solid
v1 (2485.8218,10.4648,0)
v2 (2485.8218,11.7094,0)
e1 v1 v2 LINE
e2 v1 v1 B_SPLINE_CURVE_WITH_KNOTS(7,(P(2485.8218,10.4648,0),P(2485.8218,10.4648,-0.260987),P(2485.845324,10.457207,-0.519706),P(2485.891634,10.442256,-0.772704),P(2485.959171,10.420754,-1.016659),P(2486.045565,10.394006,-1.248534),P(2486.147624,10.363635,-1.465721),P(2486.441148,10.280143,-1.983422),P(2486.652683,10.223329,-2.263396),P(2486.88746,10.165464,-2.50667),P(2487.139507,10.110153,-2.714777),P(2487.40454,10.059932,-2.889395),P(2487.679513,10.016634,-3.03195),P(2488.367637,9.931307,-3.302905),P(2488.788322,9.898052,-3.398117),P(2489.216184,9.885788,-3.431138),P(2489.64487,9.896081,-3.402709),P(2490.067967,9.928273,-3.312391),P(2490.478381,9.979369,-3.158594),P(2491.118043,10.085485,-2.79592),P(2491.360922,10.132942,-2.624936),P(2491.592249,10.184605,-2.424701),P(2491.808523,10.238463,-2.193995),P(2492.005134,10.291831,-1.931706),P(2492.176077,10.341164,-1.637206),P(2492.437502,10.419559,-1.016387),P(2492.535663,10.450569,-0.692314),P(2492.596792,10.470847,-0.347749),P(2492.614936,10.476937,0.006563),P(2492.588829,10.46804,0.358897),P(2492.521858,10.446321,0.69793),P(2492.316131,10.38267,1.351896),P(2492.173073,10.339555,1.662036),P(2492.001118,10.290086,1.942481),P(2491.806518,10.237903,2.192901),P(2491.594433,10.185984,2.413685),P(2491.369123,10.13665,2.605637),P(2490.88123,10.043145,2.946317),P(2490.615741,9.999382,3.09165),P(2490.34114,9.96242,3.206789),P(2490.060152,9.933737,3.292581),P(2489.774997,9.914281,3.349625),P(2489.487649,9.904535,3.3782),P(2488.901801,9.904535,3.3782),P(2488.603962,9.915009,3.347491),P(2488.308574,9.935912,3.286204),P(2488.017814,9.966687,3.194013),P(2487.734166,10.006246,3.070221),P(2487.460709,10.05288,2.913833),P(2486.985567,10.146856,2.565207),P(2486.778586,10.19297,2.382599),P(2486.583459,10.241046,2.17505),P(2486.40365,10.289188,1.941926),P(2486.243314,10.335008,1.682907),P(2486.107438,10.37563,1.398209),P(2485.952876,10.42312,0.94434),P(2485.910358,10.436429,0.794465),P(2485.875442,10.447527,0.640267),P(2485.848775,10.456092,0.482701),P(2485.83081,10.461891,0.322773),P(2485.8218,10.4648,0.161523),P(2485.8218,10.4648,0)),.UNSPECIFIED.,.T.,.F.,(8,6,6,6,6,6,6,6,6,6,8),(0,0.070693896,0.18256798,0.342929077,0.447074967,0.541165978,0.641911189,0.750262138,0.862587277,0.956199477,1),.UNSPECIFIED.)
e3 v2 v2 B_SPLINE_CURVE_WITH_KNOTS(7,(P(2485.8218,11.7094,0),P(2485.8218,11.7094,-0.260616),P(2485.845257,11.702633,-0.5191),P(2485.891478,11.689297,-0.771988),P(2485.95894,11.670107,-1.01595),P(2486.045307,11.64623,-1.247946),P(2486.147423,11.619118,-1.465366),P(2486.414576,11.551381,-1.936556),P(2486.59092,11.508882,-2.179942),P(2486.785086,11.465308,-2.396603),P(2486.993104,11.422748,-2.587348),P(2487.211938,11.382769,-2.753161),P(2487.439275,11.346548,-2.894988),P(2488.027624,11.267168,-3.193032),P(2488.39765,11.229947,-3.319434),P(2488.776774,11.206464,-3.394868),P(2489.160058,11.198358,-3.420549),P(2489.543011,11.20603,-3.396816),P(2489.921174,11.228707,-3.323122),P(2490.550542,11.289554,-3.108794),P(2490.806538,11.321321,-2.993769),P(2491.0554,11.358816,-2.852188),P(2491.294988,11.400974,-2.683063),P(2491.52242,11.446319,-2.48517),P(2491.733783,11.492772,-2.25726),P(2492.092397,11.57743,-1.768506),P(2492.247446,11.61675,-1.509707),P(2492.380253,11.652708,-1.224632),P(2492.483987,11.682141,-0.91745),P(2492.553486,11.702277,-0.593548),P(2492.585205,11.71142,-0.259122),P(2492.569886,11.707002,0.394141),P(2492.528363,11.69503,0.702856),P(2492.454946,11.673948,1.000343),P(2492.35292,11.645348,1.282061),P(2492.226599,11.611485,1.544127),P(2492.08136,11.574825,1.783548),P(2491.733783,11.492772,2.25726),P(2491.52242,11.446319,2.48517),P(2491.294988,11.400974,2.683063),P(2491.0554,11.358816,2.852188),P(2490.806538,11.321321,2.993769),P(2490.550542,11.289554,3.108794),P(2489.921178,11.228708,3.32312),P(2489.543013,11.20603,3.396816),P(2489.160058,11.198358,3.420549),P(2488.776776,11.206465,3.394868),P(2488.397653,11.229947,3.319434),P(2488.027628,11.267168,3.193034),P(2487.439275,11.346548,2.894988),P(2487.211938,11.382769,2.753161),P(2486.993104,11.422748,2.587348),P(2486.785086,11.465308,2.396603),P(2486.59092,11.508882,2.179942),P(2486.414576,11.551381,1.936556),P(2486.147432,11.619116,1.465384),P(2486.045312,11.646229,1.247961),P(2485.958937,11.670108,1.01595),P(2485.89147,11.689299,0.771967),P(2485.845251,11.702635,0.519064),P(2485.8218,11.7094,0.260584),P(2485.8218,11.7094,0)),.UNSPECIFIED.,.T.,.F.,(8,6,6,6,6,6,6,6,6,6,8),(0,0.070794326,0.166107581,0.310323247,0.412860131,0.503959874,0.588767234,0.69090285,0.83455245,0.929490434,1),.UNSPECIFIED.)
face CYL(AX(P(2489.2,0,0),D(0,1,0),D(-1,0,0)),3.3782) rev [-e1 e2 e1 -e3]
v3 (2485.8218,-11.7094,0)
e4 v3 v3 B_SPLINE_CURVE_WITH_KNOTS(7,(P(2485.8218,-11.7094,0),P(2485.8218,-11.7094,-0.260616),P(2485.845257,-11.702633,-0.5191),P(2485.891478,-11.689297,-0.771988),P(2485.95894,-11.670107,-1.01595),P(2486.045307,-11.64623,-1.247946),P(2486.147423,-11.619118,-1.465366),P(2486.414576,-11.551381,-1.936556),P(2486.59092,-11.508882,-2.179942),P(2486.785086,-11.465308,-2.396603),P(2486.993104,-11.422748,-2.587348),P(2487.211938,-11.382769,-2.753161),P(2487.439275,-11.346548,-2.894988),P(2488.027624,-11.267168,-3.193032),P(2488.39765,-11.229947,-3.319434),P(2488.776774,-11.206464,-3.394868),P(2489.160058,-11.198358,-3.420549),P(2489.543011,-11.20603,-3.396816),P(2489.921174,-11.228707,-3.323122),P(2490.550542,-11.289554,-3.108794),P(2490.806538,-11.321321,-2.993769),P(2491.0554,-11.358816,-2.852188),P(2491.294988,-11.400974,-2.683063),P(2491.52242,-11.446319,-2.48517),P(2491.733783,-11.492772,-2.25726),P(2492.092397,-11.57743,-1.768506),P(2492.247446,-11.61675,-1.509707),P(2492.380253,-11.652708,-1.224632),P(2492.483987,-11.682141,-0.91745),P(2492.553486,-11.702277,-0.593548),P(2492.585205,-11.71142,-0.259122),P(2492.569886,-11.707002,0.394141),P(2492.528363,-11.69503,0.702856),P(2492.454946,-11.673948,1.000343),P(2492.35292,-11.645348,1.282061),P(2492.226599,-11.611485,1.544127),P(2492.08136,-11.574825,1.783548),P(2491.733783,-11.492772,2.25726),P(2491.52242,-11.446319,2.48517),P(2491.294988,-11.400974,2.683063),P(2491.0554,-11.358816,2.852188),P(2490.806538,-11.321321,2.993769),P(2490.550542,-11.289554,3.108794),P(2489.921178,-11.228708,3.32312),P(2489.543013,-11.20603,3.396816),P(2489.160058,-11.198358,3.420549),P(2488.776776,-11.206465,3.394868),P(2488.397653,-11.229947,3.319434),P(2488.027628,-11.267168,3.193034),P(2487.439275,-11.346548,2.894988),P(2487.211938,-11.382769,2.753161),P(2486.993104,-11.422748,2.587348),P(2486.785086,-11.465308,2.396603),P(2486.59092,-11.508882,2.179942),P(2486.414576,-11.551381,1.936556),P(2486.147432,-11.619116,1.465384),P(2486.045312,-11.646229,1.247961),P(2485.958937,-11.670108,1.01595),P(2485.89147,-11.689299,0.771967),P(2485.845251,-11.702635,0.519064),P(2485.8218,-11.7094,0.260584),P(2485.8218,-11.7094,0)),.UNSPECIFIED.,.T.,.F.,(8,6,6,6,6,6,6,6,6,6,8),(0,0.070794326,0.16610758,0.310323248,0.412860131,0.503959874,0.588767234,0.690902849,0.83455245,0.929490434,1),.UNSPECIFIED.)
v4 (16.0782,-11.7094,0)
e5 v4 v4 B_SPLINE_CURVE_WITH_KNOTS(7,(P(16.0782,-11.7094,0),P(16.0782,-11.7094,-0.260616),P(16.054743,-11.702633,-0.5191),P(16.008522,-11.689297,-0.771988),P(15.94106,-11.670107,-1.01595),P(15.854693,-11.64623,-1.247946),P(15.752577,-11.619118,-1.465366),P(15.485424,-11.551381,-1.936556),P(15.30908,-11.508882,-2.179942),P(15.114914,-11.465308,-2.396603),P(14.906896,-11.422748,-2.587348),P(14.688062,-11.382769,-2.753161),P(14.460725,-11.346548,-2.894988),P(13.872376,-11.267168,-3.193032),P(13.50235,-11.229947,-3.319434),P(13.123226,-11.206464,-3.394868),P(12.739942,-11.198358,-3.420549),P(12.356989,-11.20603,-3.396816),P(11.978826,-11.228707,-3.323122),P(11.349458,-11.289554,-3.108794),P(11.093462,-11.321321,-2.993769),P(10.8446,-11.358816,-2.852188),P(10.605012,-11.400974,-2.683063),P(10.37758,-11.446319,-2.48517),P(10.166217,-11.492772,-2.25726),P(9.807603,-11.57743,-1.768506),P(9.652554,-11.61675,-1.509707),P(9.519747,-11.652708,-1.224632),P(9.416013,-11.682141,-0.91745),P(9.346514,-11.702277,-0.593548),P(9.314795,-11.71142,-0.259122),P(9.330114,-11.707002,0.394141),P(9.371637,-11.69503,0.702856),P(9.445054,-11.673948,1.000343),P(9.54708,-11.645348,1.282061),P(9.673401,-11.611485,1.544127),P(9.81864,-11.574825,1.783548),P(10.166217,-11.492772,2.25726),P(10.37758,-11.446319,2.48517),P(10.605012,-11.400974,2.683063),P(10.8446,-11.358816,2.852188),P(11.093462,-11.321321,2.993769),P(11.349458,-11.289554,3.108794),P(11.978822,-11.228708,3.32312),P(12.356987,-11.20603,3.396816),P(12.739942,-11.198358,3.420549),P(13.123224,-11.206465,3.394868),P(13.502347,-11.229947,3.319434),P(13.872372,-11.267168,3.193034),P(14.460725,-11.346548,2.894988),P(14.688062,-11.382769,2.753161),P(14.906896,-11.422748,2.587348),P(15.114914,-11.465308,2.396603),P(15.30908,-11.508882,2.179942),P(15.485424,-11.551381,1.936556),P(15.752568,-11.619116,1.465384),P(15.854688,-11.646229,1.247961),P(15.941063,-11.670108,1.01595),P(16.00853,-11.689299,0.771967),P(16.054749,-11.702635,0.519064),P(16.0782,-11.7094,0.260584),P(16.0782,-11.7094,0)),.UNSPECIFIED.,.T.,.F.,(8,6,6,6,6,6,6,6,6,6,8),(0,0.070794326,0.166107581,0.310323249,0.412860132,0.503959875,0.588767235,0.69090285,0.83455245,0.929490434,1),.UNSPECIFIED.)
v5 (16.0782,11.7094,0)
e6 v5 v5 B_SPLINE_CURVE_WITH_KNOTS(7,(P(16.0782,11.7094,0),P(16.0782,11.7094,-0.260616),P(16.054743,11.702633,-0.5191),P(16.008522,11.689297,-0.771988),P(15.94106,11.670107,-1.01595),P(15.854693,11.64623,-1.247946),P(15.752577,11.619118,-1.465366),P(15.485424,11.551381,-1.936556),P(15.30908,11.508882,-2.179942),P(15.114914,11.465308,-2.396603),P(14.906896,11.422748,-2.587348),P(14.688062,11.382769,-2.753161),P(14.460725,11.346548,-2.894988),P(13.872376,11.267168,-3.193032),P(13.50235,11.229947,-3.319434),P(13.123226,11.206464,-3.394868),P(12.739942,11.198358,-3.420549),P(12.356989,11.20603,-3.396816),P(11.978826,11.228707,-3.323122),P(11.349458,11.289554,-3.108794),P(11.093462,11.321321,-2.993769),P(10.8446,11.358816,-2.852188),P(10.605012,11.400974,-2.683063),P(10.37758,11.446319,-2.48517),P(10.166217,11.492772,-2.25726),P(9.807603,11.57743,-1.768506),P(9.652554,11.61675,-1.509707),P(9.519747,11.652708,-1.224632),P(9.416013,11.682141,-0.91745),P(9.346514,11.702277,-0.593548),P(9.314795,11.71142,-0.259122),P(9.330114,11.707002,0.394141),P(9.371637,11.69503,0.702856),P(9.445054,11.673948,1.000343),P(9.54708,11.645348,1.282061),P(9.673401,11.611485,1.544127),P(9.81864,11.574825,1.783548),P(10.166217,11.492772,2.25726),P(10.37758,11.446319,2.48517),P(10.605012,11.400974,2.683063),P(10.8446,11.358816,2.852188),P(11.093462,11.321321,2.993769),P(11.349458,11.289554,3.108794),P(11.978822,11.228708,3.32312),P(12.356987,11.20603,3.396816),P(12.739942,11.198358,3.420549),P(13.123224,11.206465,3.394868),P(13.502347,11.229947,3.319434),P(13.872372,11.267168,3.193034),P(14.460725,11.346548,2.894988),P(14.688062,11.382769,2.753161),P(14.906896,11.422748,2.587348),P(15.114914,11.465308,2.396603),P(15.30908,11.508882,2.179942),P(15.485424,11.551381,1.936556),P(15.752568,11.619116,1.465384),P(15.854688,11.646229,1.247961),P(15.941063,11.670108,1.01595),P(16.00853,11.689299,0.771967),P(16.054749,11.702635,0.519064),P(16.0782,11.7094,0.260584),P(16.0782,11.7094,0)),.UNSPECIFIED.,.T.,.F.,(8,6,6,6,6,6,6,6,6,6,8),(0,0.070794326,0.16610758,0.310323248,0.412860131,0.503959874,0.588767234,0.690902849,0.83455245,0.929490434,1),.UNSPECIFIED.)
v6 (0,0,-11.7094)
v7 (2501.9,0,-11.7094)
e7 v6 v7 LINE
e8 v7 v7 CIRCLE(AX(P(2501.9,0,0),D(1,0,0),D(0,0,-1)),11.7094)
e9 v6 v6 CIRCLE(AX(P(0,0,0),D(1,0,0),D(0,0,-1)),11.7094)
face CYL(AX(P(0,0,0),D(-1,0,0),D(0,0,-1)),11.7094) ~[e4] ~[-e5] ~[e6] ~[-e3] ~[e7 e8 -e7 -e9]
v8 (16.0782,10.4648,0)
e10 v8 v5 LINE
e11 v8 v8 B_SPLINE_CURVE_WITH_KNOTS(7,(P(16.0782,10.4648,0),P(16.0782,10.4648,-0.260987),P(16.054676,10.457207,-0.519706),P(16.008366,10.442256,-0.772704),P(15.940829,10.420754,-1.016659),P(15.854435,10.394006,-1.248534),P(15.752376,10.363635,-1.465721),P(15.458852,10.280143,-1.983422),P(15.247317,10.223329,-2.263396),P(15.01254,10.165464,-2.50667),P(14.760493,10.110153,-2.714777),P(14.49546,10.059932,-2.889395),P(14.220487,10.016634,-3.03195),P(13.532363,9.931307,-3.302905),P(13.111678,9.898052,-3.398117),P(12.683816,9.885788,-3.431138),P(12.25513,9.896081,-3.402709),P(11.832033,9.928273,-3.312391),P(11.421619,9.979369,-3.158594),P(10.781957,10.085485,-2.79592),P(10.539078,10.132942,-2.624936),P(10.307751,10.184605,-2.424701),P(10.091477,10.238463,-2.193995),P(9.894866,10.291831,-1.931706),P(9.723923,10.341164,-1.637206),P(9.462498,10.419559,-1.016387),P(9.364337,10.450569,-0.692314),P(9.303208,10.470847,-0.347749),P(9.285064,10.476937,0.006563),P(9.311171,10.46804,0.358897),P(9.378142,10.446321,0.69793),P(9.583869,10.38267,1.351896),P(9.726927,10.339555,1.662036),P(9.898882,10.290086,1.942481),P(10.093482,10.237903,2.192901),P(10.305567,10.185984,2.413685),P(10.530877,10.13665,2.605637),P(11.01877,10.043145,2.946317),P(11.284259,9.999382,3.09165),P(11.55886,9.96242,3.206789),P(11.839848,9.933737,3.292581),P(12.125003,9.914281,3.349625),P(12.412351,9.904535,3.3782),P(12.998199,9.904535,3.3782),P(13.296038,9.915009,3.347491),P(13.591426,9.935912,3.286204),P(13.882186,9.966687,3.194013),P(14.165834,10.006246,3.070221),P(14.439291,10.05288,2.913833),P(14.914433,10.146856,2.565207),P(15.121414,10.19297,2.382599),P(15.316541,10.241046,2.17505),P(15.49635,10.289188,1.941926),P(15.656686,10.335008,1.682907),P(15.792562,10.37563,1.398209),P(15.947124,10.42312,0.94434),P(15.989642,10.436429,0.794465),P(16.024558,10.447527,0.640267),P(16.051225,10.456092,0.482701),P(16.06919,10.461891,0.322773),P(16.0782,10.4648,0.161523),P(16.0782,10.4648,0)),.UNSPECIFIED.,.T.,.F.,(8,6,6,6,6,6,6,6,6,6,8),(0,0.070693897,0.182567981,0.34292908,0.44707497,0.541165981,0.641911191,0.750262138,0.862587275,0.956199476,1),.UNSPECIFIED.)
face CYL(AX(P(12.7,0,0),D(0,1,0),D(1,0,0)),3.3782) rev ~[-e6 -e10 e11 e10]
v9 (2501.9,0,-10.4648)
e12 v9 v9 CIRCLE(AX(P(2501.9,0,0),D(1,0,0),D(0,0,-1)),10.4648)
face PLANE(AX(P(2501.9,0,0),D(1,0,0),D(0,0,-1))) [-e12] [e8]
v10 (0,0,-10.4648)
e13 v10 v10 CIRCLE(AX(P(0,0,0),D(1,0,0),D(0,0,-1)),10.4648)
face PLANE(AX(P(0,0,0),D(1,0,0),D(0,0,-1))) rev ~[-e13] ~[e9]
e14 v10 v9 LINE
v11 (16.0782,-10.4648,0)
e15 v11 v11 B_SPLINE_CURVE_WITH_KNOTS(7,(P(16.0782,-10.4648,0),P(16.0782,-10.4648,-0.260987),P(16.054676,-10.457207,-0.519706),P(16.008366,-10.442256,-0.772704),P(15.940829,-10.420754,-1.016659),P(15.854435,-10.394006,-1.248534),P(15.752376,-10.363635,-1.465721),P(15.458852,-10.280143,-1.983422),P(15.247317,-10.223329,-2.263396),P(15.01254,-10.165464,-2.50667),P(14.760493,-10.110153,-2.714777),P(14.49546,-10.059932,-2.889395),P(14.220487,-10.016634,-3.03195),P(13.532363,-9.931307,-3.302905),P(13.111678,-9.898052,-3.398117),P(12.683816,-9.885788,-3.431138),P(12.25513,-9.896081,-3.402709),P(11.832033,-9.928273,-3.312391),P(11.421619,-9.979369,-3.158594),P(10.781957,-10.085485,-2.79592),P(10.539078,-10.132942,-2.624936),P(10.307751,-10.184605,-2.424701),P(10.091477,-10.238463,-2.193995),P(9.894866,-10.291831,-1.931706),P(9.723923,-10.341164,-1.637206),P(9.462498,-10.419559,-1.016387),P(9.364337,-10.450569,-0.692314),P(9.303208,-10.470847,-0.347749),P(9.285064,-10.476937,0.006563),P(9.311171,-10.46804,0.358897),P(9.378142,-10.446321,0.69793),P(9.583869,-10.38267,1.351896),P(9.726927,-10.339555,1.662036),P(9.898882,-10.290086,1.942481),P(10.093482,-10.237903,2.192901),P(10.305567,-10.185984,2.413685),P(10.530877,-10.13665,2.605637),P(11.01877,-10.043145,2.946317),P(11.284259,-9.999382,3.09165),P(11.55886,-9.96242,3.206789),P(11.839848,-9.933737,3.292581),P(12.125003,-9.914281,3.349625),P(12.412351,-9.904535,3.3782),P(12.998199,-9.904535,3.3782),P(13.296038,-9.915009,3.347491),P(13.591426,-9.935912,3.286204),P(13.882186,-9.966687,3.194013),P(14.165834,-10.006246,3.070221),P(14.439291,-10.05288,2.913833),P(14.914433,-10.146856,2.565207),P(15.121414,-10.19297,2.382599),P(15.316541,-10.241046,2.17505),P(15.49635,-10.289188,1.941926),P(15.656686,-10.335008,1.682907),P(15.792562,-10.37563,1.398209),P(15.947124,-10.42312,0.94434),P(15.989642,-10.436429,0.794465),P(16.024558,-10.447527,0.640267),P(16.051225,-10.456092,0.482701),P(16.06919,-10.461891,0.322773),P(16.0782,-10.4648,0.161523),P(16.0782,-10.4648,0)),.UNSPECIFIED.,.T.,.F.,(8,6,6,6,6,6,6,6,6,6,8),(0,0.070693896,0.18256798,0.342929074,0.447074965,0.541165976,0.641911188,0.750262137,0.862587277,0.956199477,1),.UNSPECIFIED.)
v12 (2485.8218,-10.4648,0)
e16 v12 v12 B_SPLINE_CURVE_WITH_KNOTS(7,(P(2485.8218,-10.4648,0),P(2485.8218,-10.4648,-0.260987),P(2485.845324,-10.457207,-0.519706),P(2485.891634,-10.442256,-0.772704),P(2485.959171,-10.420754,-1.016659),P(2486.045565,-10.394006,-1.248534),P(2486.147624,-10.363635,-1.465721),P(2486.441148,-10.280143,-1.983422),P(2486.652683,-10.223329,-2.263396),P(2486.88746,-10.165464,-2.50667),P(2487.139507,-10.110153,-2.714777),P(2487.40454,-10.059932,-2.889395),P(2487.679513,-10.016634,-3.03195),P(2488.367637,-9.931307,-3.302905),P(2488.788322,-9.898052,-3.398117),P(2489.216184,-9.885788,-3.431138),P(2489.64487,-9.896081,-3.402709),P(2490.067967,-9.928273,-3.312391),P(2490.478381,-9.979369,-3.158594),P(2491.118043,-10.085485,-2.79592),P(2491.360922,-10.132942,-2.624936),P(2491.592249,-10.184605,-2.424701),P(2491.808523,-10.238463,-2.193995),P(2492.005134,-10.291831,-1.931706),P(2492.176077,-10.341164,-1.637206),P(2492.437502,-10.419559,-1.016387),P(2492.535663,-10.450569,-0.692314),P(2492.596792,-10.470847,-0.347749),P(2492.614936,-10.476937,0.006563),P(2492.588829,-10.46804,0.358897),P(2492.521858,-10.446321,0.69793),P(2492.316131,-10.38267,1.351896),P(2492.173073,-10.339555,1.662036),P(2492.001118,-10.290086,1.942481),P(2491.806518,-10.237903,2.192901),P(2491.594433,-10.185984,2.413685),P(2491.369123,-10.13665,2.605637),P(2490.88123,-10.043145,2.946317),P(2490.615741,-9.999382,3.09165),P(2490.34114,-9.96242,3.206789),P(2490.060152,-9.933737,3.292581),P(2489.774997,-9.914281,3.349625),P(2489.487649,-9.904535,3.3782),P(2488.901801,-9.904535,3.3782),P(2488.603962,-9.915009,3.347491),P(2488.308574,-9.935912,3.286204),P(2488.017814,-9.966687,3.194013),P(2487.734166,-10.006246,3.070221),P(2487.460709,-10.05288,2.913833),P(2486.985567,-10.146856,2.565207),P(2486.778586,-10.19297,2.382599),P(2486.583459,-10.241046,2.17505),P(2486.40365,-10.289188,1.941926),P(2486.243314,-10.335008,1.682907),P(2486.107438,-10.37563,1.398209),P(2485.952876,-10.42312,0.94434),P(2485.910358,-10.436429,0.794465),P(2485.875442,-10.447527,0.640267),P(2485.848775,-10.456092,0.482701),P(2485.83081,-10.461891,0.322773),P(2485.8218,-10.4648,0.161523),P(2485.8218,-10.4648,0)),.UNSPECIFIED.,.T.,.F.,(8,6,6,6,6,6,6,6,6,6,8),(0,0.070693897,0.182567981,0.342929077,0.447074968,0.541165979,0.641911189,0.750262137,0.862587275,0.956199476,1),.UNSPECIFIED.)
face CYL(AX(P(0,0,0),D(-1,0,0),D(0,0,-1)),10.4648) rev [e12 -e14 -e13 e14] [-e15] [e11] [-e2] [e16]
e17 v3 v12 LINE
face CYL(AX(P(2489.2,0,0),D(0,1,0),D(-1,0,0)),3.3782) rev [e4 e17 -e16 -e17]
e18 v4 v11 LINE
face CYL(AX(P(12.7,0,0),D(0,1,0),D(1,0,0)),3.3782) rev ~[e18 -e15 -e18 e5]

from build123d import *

# Parameters (mm, degrees)
SKETCH1_R           = 11.7094
SKETCH1_R_2         = 10.4648
BOSS_EXTRUDE1_DEPTH = 2501.9
SKETCH2_R           = 3.3782
CUT_EXTRUDE1_DEPTH  = 12.7094


with BuildPart() as part:
    # Sketch1 → Boss-Extrude1 (new body)
    with BuildSketch(Plane(origin=(0, 0, 0), x_dir=(0, 0, -1), z_dir=(1, 0, 0))):
        Circle(SKETCH1_R)
        Circle(SKETCH1_R_2, mode=Mode.SUBTRACT)
    extrude(amount=BOSS_EXTRUDE1_DEPTH)

    # Sketch2 → Cut-Extrude1 (cut, symmetric)
    with BuildSketch(Plane(origin=(0, 0, 0), x_dir=(1, 0, 0), z_dir=(0, 1, 0))):
        with Locations((12.7, 0)):
            Circle(SKETCH2_R)
    cut_extrude1 = extrude(amount=CUT_EXTRUDE1_DEPTH, both=True, mode=Mode.SUBTRACT)

    # Mirror1: Cut-Extrude1 across plane
    add(cut_extrude1.mirror(Plane.ZY.offset(-1250.95)), mode=Mode.SUBTRACT)


solid = part.part
